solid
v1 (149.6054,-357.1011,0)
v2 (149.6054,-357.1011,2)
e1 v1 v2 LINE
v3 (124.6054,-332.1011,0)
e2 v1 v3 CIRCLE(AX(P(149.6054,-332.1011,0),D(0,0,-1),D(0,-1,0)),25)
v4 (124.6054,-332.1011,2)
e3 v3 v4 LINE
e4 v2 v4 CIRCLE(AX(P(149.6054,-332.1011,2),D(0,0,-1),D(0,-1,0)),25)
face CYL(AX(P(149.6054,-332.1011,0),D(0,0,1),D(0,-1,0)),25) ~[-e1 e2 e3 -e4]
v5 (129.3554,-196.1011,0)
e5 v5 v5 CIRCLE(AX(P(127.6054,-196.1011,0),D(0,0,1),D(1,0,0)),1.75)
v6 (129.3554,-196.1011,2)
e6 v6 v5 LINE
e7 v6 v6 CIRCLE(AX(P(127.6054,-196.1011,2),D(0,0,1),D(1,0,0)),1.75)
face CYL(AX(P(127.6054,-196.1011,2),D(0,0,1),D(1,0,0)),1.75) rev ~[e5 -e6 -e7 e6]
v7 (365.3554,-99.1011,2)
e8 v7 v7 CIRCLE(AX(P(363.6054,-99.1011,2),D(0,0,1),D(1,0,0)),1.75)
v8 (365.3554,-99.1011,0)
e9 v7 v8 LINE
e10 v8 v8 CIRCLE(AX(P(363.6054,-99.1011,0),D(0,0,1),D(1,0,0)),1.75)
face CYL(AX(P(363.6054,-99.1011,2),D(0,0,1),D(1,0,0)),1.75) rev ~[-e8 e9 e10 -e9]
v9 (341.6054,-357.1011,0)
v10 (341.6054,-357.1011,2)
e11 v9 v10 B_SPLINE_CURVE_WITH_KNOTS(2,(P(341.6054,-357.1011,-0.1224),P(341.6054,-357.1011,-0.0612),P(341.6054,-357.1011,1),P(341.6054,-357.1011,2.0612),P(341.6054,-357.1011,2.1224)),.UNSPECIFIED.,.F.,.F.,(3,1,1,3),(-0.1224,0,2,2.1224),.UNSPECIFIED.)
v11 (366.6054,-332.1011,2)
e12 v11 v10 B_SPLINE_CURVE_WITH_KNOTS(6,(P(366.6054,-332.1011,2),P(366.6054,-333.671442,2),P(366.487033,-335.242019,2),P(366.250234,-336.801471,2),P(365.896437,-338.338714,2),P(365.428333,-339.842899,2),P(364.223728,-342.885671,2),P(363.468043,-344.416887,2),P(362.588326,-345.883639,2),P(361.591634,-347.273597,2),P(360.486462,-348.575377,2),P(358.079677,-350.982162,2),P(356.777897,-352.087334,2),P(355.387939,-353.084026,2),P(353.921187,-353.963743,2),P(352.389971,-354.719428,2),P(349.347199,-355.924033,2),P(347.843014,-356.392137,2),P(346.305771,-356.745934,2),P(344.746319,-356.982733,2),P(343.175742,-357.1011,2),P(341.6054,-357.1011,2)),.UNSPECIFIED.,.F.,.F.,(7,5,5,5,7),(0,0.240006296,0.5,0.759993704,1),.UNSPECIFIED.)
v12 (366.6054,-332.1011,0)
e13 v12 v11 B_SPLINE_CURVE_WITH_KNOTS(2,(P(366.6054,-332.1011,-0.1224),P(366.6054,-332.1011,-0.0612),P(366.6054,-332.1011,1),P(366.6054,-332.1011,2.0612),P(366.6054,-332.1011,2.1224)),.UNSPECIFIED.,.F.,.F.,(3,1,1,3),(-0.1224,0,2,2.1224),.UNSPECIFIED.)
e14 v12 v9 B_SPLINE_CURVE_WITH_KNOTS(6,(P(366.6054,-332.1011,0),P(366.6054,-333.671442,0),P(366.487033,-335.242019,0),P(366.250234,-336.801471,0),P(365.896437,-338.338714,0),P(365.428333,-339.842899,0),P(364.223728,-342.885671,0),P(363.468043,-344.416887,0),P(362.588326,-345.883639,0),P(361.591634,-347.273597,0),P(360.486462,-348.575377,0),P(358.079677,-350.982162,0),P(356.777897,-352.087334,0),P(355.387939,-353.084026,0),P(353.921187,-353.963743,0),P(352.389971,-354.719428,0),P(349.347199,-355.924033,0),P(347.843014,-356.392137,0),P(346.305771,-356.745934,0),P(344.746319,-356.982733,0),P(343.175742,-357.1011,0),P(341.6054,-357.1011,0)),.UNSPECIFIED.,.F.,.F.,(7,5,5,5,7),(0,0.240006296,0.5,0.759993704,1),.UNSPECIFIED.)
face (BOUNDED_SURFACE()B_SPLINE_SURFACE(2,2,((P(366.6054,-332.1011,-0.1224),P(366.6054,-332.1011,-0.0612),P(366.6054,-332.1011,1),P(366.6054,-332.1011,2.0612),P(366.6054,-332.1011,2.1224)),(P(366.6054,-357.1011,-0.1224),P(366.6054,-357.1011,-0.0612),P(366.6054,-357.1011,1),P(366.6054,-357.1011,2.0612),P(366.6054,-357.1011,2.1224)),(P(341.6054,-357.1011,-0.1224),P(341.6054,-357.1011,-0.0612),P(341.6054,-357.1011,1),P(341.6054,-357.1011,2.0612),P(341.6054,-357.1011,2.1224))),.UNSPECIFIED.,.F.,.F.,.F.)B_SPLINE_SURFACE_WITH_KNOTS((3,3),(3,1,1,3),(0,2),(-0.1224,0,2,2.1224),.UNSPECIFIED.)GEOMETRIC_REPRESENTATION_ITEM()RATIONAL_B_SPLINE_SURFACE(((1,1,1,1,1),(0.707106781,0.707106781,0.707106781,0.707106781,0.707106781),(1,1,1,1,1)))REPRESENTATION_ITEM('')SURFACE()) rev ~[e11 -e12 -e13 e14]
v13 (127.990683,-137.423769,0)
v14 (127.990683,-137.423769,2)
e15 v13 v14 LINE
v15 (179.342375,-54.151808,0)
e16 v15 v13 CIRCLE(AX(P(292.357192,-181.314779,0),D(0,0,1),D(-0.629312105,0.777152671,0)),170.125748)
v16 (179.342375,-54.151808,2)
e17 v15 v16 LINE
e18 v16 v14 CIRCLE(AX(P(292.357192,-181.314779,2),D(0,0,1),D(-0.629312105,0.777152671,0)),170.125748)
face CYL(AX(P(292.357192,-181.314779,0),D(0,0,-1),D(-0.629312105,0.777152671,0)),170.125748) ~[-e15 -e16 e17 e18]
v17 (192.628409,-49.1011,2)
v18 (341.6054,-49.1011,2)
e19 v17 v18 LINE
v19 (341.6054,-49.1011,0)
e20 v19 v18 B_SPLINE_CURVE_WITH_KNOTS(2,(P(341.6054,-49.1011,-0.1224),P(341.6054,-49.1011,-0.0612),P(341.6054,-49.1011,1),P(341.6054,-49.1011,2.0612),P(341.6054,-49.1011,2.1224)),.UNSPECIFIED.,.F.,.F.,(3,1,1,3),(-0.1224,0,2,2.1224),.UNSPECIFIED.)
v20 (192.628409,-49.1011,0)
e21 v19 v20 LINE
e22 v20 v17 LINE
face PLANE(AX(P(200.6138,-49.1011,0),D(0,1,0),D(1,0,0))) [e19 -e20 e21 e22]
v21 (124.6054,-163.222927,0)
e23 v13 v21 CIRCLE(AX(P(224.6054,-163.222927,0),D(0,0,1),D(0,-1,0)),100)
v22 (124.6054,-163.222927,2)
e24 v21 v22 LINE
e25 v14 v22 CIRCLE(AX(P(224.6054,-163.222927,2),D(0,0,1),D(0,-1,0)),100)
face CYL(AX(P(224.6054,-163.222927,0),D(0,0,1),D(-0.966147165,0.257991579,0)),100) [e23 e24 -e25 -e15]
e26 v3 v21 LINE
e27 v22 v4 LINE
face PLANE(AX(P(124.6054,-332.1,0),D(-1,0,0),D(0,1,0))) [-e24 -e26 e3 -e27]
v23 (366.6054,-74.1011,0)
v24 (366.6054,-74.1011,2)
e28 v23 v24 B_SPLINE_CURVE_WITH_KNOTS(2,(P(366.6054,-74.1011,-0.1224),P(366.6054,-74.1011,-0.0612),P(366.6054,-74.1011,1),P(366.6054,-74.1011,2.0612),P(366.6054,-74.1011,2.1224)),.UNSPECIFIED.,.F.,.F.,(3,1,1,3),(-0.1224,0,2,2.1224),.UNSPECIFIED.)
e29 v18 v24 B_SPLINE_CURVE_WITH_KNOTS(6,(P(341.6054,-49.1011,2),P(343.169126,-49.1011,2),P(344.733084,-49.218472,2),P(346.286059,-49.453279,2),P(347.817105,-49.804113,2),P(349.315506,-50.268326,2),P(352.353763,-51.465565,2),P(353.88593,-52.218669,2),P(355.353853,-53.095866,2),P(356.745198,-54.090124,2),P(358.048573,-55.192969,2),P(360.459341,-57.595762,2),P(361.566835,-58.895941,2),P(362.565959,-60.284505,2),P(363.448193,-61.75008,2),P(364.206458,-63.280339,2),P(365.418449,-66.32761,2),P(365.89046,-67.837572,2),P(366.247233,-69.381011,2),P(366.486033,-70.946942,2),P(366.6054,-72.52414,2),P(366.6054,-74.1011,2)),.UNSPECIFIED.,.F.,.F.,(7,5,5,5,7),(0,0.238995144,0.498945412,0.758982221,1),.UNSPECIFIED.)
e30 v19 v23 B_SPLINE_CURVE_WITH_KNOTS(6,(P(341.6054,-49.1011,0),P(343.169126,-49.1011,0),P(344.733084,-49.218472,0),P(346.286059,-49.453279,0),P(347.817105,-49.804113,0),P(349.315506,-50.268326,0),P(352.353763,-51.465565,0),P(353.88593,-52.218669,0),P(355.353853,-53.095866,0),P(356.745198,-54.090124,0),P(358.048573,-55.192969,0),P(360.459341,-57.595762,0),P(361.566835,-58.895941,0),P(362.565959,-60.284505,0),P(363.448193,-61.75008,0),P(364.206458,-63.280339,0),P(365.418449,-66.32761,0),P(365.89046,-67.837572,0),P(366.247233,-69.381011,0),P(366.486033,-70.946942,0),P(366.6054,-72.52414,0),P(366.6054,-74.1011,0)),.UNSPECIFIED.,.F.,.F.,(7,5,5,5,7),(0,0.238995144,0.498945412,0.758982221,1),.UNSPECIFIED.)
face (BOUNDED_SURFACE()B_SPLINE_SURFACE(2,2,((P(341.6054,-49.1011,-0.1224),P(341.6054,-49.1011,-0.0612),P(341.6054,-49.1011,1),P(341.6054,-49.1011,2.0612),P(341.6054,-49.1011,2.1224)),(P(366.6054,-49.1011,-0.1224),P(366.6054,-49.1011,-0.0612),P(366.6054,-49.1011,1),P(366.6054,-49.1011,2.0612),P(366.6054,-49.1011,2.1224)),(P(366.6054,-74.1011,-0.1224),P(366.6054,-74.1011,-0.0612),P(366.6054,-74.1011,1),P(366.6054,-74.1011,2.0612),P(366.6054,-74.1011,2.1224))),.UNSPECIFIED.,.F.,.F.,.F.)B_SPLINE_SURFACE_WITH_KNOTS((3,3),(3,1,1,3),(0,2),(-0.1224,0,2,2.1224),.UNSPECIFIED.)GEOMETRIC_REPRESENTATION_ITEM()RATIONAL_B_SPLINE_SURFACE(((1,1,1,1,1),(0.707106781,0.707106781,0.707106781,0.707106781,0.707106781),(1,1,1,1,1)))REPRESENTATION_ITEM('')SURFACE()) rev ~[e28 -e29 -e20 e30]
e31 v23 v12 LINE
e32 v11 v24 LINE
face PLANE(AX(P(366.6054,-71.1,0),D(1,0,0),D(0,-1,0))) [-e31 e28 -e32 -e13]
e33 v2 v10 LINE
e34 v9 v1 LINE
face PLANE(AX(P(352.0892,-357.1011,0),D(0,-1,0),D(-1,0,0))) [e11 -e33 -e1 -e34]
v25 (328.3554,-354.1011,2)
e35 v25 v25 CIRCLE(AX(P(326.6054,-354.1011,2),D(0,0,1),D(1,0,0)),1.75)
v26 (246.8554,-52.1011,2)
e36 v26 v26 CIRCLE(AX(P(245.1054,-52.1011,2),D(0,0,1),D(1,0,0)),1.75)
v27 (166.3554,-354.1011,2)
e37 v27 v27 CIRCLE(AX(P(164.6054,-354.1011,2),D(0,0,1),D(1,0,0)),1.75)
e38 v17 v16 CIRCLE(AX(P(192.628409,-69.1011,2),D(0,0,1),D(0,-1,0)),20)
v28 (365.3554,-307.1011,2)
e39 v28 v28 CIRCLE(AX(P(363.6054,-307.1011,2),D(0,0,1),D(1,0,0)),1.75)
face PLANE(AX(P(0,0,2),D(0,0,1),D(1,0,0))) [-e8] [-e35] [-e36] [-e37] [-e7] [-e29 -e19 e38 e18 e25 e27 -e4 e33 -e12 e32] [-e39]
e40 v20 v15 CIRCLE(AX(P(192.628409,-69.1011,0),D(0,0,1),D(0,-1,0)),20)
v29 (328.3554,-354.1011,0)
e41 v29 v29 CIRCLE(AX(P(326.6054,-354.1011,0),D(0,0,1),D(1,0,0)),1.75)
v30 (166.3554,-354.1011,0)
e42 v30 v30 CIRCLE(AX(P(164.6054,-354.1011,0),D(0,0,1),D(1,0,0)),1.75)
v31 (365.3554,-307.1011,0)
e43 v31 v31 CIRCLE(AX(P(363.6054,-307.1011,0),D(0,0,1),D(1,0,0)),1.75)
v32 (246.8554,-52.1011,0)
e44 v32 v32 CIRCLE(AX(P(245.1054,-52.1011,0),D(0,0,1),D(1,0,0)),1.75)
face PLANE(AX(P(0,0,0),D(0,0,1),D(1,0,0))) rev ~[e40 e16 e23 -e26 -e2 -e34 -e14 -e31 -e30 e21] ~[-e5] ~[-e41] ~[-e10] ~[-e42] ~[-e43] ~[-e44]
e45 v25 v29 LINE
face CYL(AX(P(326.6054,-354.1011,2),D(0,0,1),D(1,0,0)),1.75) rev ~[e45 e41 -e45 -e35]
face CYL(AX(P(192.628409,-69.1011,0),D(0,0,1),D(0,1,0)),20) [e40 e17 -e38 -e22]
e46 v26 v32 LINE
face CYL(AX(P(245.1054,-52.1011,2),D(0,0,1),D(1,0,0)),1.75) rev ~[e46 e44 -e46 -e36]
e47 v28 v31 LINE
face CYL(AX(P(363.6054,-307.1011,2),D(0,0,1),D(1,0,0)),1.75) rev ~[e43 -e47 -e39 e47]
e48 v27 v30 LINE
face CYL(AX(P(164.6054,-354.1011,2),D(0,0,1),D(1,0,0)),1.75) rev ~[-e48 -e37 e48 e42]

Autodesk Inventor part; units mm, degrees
ref_plane "YZ Plane" through (0, 0, 0) normal (1, 0, 0) x (0, 1, 0)
ref_plane "XZ Plane" through (0, 0, 0) normal (0, 1, 0) x (-1, 0, 0)
ref_plane "XY Plane" through (0, 0, 0) normal (0, 0, 1) x (1, 0, 0)
sketch "Boceto1" plane through (0, 0, 0) normal (0, 0, 1) x (1, 0, 0)
  line L0 (200.6138, -49.1011) -> (347.0892, -49.1011)
  line L1 (366.6054, -71.1) -> (366.6054, -332.1)
  line L2 (352.0892, -357.1011) -> (151.6064, -357.1011)
  line L3 (124.6054, -332.1) -> (124.6054, -152.9933)
  line L4 (366.6054, -332.1) -> (366.6054, -357.1011)
  line L5 (352.0892, -357.1011) -> (366.6054, -357.1011)
  line L6 (347.0892, -49.1011) -> (366.6054, -49.1011)
  line L7 (366.6054, -71.1) -> (366.6054, -49.1011)
  line L8 (151.6064, -357.1011) -> (124.6054, -357.1011)
  line L9 (124.6054, -332.1) -> (124.6054, -357.1011)
  line L10 (200.6138, -49.1011) -> (185.295, -49.1011)
  arc A0 (185.295, -49.1011) -> (124.6054, -152.9933) centre (292.3571, -181.3147) ccw
  dimension "d2" = 308
  dimension "d3" = 242
extrude "Extrusión2" add sketch "Boceto1" along normal blind 2
fillet "Empalme1" radius 25 3 edges at (366.6054, -49.1011, 1) (366.6054, -357.1011, 1) (124.6054, -357.1011, 1)
sketch "Boceto3" plane through (0, 0, 2) normal (0, 0, 1) x (1, 0, 0)
  line L0 (341.6054, -357.1011) -> (149.6054, -357.1011) projected
  line L1 (366.6054, -74.1011) -> (366.6054, -332.1011) projected
  line L2 (185.295, -49.1011) -> (341.6054, -49.1011) projected
  line L3 (124.6054, -332.1011) -> (124.6054, -152.9933) projected
  circle A0 centre (164.6054, -354.1011) radius 1.75
  circle A1 centre (326.6054, -354.1011) radius 1.75
  circle A2 centre (127.6054, -196.1011) radius 1.75
  circle A3 centre (363.6054, -307.1011) radius 1.75
  circle A4 centre (363.6054, -99.1011) radius 1.75
  circle A5 centre (245.1054, -52.1011) radius 1.75
  point P0 (200.6138, -49.1011)
  point P1 (0, 0)
  dimension "d7" = 3.5
  dimension "d8" = 3.5
  dimension "d9" = 3.5
  dimension "d10" = 3.5
  dimension "d11" = 3.5
  dimension "d12" = 3.5
  dimension "d13" = 3
  dimension "d14" = 3
  dimension "d15" = 3
  dimension "d16" = 3
  dimension "d17" = 3
  dimension "d18" = 3
  dimension "d19" = 121.5
  dimension "d20" = 161
  dimension "d21" = 50
  dimension "d22" = 50
  dimension "d23" = 40
  dimension "d24" = 40
extrude "Extrusión3" cut sketch "Boceto3" against normal blind 2
fillet "Empalme2" radius 20 1 edges at (185.295, -49.1011, 1)
fillet "Empalme3" radius 100 1 edges at (124.6054, -152.9933, 1)
equation "\"d14\" = d13"
equation "\"d15\" = d13"
equation "\"d16\" = d13"
equation "\"d17\" = d13"
equation "\"d18\" = d13"
properties part number "metacrilat proteccio dret"
